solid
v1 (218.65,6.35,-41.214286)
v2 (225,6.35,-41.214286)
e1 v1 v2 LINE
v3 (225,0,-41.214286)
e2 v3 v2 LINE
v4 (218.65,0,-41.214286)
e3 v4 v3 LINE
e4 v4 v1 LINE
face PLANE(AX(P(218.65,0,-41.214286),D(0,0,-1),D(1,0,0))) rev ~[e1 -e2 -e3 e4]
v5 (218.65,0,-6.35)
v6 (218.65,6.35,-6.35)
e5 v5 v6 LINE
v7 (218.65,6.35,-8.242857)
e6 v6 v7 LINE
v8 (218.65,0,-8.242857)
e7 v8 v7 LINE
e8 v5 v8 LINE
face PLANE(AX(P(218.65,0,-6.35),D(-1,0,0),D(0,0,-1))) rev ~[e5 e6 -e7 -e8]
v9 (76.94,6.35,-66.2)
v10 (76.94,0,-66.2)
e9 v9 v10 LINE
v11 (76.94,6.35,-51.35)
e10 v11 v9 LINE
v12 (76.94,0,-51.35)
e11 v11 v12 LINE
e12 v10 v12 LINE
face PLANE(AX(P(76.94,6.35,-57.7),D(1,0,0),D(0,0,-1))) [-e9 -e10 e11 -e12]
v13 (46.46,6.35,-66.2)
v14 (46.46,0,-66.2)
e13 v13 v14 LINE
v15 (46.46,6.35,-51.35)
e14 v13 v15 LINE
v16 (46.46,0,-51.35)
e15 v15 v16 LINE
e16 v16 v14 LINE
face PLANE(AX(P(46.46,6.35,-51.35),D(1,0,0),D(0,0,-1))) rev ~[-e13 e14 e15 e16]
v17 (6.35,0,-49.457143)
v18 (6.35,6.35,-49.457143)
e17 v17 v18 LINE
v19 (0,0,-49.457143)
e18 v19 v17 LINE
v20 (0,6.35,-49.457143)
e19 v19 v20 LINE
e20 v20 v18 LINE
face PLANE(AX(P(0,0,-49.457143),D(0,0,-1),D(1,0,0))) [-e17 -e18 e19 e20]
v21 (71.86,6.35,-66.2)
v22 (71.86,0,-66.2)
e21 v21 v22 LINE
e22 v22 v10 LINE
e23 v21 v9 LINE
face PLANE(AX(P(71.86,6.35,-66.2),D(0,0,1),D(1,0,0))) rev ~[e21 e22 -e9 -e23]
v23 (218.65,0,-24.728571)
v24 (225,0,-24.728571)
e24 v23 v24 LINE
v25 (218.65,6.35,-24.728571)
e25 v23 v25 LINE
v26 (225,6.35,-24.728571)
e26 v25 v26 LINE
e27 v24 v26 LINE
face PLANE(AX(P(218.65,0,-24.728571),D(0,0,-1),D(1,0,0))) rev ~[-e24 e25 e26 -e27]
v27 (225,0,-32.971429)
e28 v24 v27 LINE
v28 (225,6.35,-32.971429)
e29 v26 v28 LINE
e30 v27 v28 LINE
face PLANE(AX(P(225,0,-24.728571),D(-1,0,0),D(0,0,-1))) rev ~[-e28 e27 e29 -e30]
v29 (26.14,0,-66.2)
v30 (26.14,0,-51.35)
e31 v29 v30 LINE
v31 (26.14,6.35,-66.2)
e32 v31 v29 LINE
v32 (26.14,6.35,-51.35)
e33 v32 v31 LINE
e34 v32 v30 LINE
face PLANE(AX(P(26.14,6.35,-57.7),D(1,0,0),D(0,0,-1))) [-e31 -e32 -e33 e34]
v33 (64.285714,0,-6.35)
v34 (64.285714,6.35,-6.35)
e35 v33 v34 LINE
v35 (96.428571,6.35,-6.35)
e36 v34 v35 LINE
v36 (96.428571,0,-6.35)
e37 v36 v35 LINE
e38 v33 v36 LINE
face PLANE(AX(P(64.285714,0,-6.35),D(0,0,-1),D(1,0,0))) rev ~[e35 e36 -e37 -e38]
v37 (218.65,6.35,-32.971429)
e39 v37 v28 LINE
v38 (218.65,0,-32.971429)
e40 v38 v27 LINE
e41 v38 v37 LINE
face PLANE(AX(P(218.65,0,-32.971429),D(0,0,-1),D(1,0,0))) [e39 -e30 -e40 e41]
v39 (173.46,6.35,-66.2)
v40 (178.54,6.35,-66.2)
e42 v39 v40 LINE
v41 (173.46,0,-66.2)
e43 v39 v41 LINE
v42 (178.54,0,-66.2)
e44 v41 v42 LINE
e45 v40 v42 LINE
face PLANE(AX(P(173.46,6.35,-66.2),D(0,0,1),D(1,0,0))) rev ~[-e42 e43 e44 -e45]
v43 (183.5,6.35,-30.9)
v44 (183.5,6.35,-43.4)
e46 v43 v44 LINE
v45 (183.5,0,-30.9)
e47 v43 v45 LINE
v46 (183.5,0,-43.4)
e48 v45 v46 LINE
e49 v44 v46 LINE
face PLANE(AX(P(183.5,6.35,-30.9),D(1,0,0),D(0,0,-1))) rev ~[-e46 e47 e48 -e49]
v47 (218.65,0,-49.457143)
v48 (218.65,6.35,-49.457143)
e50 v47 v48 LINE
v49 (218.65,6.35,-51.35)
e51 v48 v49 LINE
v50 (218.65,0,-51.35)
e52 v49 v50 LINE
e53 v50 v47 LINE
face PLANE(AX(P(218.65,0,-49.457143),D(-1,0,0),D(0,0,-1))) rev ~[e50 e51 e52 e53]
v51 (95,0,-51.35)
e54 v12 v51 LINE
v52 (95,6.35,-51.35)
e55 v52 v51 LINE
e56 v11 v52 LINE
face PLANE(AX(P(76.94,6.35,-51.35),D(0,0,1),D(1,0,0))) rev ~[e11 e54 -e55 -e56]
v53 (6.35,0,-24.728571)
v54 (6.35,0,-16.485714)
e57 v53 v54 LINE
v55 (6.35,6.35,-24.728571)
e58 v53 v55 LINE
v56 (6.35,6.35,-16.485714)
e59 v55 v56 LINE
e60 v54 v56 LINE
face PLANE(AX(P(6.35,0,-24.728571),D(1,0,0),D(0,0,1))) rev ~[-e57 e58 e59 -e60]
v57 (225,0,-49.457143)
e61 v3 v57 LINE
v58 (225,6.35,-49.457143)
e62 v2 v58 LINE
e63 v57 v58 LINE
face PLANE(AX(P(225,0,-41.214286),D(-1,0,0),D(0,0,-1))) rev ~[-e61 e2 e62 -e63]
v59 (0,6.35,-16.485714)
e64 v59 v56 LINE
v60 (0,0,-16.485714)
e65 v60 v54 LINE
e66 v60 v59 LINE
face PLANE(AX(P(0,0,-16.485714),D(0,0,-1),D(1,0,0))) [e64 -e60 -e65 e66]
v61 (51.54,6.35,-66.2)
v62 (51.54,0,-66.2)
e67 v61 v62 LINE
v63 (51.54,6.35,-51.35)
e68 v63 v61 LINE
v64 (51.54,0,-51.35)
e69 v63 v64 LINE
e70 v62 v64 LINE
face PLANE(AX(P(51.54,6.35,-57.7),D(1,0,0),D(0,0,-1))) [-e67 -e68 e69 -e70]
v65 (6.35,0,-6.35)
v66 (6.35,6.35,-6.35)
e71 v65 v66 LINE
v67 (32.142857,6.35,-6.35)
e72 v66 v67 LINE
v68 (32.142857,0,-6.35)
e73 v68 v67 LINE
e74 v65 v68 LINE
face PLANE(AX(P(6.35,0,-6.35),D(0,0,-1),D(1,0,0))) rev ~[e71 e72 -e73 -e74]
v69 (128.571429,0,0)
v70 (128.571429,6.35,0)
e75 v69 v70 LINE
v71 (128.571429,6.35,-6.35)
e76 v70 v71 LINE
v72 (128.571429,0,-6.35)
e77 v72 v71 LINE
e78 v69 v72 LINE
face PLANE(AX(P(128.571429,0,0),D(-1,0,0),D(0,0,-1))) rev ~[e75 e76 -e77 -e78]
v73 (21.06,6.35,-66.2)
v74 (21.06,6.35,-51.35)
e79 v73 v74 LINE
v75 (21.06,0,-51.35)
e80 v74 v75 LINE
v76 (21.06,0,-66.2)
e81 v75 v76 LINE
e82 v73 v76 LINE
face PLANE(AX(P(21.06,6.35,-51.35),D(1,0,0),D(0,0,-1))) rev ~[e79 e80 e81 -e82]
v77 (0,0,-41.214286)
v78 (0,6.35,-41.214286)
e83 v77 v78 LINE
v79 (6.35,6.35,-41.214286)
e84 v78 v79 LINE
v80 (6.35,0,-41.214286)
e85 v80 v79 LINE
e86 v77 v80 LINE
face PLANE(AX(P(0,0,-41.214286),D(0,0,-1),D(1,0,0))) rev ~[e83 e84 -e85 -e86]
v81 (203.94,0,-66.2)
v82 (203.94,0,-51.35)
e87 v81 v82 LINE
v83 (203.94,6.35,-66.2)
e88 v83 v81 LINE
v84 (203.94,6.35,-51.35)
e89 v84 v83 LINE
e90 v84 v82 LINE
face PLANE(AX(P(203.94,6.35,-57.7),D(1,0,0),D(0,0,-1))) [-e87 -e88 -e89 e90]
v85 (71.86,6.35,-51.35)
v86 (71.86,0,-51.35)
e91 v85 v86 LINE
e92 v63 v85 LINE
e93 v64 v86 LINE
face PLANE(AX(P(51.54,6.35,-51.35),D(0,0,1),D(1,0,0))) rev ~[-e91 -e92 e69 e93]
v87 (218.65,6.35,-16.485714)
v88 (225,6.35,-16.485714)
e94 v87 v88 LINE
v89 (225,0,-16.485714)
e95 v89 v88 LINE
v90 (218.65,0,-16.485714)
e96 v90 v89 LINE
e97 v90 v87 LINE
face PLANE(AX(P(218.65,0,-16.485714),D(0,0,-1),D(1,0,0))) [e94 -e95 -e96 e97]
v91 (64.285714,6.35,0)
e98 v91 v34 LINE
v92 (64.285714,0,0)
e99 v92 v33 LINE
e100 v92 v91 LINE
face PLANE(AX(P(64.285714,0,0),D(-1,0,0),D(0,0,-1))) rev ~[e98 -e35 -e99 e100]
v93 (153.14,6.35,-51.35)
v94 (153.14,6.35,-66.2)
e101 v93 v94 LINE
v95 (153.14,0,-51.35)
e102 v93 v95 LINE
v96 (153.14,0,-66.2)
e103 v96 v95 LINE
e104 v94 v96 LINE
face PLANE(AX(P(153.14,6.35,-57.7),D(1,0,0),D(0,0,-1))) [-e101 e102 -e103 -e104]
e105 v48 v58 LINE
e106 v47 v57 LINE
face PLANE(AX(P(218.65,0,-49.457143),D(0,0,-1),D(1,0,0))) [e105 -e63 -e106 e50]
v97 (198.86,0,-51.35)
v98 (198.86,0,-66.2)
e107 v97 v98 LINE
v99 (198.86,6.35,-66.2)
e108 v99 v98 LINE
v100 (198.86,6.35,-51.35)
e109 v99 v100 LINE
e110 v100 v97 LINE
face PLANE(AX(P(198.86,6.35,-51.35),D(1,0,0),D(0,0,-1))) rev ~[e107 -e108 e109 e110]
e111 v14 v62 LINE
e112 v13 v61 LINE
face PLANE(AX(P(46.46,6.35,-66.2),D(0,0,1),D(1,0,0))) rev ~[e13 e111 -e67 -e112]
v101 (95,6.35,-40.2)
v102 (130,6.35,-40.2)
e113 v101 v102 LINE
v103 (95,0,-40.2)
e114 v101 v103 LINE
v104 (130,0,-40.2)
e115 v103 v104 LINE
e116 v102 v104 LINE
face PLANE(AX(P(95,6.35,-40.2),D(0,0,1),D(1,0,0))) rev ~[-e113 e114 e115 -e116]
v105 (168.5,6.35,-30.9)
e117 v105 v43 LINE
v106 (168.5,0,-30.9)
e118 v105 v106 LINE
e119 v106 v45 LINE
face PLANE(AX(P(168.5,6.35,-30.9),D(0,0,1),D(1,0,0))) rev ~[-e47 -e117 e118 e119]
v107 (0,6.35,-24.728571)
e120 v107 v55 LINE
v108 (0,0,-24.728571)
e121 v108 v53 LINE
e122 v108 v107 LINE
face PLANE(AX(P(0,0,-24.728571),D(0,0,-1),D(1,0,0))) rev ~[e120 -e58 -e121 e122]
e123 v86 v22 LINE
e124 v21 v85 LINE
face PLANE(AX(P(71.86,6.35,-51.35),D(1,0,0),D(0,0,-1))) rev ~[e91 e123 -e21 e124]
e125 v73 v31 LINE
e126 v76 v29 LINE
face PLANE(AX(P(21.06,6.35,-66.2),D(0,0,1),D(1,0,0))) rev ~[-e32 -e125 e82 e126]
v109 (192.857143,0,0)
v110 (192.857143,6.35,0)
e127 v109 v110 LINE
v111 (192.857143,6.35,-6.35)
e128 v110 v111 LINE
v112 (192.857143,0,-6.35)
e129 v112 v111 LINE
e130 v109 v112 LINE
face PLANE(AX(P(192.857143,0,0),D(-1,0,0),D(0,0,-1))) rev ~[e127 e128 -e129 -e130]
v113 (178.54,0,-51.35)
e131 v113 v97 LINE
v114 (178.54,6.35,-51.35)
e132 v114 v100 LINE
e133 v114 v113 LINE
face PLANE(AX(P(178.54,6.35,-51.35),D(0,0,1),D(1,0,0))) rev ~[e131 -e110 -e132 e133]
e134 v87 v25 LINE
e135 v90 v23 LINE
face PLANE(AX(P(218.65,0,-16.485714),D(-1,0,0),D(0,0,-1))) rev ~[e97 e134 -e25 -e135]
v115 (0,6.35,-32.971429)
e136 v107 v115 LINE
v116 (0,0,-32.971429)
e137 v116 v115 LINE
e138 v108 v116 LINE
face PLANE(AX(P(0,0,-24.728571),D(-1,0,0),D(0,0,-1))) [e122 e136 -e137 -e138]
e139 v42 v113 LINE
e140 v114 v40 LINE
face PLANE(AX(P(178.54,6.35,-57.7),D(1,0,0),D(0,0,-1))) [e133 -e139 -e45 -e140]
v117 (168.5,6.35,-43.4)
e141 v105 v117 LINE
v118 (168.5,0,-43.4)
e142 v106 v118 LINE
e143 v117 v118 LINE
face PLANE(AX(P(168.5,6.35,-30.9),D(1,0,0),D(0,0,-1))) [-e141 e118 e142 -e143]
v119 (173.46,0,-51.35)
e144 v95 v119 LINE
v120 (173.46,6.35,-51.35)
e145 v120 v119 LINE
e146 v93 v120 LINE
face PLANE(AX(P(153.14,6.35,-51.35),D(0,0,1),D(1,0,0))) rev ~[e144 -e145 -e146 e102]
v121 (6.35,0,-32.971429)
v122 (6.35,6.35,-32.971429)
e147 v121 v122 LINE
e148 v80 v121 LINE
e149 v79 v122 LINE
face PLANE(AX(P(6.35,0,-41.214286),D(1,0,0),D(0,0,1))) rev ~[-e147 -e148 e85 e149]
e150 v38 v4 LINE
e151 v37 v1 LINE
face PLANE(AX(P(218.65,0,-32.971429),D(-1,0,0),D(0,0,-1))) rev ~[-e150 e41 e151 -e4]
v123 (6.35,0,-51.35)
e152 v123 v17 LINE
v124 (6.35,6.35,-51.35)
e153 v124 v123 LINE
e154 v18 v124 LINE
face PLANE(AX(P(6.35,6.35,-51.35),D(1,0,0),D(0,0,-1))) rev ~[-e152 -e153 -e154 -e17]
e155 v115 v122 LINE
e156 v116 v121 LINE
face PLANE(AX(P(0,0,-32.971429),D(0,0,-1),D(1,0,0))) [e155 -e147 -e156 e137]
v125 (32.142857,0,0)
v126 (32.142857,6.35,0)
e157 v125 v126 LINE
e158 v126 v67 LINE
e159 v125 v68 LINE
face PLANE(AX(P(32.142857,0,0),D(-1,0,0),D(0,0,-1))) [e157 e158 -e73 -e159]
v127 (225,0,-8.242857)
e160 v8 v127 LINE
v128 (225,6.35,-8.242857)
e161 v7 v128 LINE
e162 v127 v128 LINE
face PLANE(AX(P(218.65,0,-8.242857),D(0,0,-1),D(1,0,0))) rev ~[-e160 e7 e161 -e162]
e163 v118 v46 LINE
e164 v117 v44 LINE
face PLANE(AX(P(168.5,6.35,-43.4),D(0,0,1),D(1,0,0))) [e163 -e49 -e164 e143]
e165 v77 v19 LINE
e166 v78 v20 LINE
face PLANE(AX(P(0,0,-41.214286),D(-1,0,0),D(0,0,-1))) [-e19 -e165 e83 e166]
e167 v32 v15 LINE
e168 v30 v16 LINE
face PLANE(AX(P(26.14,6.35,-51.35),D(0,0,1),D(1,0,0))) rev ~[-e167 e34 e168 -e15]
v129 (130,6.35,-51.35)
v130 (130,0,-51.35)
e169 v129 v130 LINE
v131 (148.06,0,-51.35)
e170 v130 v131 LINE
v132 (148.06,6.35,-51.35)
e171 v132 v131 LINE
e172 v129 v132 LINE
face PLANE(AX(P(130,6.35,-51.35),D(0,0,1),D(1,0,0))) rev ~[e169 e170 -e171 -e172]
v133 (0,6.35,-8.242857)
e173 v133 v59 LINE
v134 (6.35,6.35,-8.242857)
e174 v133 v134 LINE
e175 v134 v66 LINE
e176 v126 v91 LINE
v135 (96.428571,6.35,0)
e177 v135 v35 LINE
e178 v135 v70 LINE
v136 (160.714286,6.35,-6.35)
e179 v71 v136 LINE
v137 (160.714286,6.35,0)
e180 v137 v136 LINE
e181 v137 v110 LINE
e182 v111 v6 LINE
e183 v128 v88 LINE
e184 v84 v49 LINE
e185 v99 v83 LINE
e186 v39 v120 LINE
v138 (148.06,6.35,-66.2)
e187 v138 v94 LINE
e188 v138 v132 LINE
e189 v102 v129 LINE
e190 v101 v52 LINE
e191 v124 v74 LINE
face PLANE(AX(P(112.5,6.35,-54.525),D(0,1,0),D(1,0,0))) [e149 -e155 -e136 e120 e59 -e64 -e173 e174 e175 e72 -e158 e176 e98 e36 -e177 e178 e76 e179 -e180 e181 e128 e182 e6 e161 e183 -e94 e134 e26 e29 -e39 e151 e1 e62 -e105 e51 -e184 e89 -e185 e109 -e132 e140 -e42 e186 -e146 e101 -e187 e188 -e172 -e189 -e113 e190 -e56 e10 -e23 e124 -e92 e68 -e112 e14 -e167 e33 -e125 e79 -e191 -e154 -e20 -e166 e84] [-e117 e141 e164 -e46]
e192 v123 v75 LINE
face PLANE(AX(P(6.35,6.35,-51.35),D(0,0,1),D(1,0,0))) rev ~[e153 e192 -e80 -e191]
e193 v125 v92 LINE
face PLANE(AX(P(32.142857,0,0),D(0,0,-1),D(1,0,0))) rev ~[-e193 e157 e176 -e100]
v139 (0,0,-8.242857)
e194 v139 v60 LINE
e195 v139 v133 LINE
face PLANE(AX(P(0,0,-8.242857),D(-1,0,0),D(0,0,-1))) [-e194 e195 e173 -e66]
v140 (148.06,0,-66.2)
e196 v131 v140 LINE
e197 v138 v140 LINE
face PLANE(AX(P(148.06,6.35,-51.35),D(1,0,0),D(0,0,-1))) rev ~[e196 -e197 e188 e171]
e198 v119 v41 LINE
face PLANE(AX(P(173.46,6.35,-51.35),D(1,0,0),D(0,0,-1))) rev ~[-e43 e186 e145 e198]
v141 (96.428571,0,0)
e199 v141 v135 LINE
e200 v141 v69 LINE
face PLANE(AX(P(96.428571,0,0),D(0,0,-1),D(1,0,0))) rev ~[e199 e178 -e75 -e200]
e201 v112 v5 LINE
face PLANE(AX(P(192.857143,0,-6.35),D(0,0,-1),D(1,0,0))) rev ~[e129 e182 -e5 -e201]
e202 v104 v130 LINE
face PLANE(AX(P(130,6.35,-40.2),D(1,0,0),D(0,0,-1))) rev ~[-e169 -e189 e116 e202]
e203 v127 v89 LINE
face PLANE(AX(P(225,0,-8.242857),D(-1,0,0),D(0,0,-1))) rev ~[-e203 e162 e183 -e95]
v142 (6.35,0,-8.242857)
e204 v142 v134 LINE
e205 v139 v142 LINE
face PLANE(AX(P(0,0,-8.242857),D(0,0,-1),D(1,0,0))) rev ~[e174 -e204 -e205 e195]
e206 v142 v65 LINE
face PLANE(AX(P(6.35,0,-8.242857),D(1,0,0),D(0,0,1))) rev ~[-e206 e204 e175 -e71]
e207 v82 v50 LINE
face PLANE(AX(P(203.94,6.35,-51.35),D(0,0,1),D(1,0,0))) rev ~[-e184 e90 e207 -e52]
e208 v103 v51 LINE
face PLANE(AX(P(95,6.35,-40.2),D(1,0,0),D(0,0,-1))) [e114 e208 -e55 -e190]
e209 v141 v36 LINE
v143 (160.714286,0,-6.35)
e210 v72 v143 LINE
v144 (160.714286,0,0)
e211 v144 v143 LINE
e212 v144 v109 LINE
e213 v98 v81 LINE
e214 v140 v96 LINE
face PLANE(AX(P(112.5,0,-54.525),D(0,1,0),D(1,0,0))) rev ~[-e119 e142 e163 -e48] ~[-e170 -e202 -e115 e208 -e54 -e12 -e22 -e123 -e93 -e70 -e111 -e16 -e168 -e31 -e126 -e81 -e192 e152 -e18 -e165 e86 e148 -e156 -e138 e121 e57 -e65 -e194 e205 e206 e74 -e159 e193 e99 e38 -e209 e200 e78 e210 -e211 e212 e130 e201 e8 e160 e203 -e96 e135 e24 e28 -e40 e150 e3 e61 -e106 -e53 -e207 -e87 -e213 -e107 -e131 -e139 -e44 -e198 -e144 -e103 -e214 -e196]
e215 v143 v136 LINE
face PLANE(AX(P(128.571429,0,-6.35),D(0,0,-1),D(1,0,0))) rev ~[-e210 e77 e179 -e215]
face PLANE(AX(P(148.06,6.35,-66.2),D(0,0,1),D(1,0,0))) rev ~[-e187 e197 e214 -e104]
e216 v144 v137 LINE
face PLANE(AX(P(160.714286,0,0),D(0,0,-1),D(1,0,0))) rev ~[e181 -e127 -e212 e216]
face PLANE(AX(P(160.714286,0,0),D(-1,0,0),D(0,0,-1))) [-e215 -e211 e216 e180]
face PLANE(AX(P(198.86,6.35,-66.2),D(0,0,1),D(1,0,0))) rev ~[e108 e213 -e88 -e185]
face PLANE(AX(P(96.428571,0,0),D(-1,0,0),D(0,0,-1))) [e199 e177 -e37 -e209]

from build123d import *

# Parameters (mm, degrees)
SKETCH1_W           = 32.142857142
SKETCH1_H           = 6.35
SKETCH1_W_2         = 32.142857143
SKETCH1_W_3         = 6.35
SKETCH1_H_2         = 8.242857143
SKETCH1_H_3         = 8.242857142
BOSS_EXTRUDE1_DEPTH = 6.35
SKETCH2_W           = 212.3
SKETCH2_H           = 6.35
SKETCH2_W_2         = 5.08
SKETCH2_H_2         = 8.5
BOSS_EXTRUDE2_DEPTH = 6.35
SKETCH3_W           = 35
SKETCH3_H           = 26
CUT_EXTRUDE1_DEPTH  = 235.622595885
SKETCH4_W           = 14.71
SKETCH4_H           = 6.35
SKETCH4_W_2         = 20.32
CUT_EXTRUDE2_DEPTH  = 6.35
SKETCH5_W           = 20.32
SKETCH5_H           = 6.35
SKETCH5_W_2         = 18.06
CUT_EXTRUDE3_DEPTH  = 235.622595885
SKETCH8_W           = 15
SKETCH8_H           = 12.5
CUT_EXTRUDE6_DEPTH  = 235.622595885


with BuildPart() as part:
    # Sketch1 → Boss-Extrude1 (new body)
    with BuildSketch(Plane(origin=(0, 0, 0), x_dir=(1, 0, 0), z_dir=(0, 1, 0))):
        Polygon((6.35, 6.35), (32.142857143, 6.35), (64.285714286, 6.35), (96.428571429, 6.35), (128.571428571, 6.35), (160.714285714, 6.35), (192.857142857, 6.35), (218.65, 6.35), (218.65, 8.242857143), (218.65, 16.485714286), (218.65, 24.728571429), (218.65, 32.971428571), (218.65, 41.214285714), (218.65, 49.457142857), (218.65, 51.35), (192.857142857, 51.35), (160.714285714, 51.35), (128.571428571, 51.35), (96.428571429, 51.35), (64.285714286, 51.35), (32.142857143, 51.35), (6.35, 51.35), (6.35, 49.457142857), (6.35, 41.214285714), (6.35, 32.971428571), (6.35, 24.728571429), (6.35, 16.485714286), (6.35, 8.242857143), align=None)
        with Locations((112.5, 54.525)):
            Rectangle(SKETCH1_W, SKETCH1_H)
        with Locations((112.5, 3.175)):
            Rectangle(SKETCH1_W, SKETCH1_H)
        with Locations((176.785714286, 3.175)):
            Rectangle(SKETCH1_W_2, SKETCH1_H)
        with Locations((176.785714286, 54.525)):
            Rectangle(SKETCH1_W_2, SKETCH1_H)
        with Locations((48.214285715, 54.525)):
            Rectangle(SKETCH1_W_2, SKETCH1_H)
        with Locations((48.214285715, 3.175)):
            Rectangle(SKETCH1_W_2, SKETCH1_H)
        with Locations((3.175, 12.364285714)):
            Rectangle(SKETCH1_W_3, SKETCH1_H_2)
        with Locations((3.175, 28.85)):
            Rectangle(SKETCH1_W_3, SKETCH1_H_3)
        with Locations((3.175, 45.335714286)):
            Rectangle(SKETCH1_W_3, SKETCH1_H_2)
        with Locations((221.825, 12.364285714)):
            Rectangle(SKETCH1_W_3, SKETCH1_H_2)
        with Locations((221.825, 28.85)):
            Rectangle(SKETCH1_W_3, SKETCH1_H_3)
        with Locations((221.825, 45.335714286)):
            Rectangle(SKETCH1_W_3, SKETCH1_H_2)
    extrude(amount=BOSS_EXTRUDE1_DEPTH)

    # Sketch2 → Boss-Extrude2 (add)
    with BuildSketch(Plane(origin=(0, 6.35, 0), x_dir=(1, 0, 0), z_dir=(0, 1, 0))):
        with Locations((112.5, 54.525)):
            Rectangle(SKETCH2_W, SKETCH2_H)
        with Locations((23.6, 61.95)):
            Rectangle(SKETCH2_W_2, SKETCH2_H_2)
        with Locations((49, 61.95)):
            Rectangle(SKETCH2_W_2, SKETCH2_H_2)
        with Locations((74.4, 61.95)):
            Rectangle(SKETCH2_W_2, SKETCH2_H_2)
        with Locations((99.8, 61.95)):
            Rectangle(SKETCH2_W_2, SKETCH2_H_2)
        with Locations((201.4, 61.95)):
            Rectangle(SKETCH2_W_2, SKETCH2_H_2)
        with Locations((176, 61.95)):
            Rectangle(SKETCH2_W_2, SKETCH2_H_2)
        with Locations((125.2, 61.95)):
            Rectangle(SKETCH2_W_2, SKETCH2_H_2)
        with Locations((150.6, 61.95)):
            Rectangle(SKETCH2_W_2, SKETCH2_H_2)
    extrude(amount=-BOSS_EXTRUDE2_DEPTH)

    # Sketch3 → Cut-Extrude1 (cut, through all)
    with BuildSketch(Plane(origin=(0, 6.35, 0), x_dir=(1, 0, 0), z_dir=(0, 1, 0))):
        with Locations((112.5, 53.2)):
            Rectangle(SKETCH3_W, SKETCH3_H)
    extrude(amount=-CUT_EXTRUDE1_DEPTH, mode=Mode.SUBTRACT)

    # Sketch4 → Cut-Extrude2 (cut)
    with BuildSketch(Plane(origin=(0, 6.35, 0), x_dir=(1, 0, 0), z_dir=(0, 1, 0))):
        with Locations((13.705, 54.525)):
            Rectangle(SKETCH4_W, SKETCH4_H)
        with Locations((36.3, 54.525)):
            Rectangle(SKETCH4_W_2, SKETCH4_H)
        with Locations((211.295, 54.525)):
            Rectangle(SKETCH4_W, SKETCH4_H)
        with Locations((188.7, 54.525)):
            Rectangle(SKETCH4_W_2, SKETCH4_H)
    extrude(amount=-CUT_EXTRUDE2_DEPTH, mode=Mode.SUBTRACT)

    # Sketch5 → Cut-Extrude3 (cut, through all)
    with BuildSketch(Plane(origin=(0, 6.35, 0), x_dir=(1, 0, 0), z_dir=(0, 1, 0))):
        with Locations((61.7, 54.525)):
            Rectangle(SKETCH5_W, SKETCH5_H)
        with Locations((85.97, 54.525)):
            Rectangle(SKETCH5_W_2, SKETCH5_H)
        with Locations((139.03, 54.525)):
            Rectangle(SKETCH5_W_2, SKETCH5_H)
        with Locations((163.3, 54.525)):
            Rectangle(SKETCH5_W, SKETCH5_H)
    extrude(amount=-CUT_EXTRUDE3_DEPTH, mode=Mode.SUBTRACT)

    # Sketch8 → Cut-Extrude6 (cut, through all)
    with BuildSketch(Plane(origin=(0, 6.35, 0), x_dir=(1, 0, 0), z_dir=(0, 1, 0))):
        with Locations((176, 37.15)):
            Rectangle(SKETCH8_W, SKETCH8_H)
    extrude(amount=-CUT_EXTRUDE6_DEPTH, mode=Mode.SUBTRACT)


solid = part.part
